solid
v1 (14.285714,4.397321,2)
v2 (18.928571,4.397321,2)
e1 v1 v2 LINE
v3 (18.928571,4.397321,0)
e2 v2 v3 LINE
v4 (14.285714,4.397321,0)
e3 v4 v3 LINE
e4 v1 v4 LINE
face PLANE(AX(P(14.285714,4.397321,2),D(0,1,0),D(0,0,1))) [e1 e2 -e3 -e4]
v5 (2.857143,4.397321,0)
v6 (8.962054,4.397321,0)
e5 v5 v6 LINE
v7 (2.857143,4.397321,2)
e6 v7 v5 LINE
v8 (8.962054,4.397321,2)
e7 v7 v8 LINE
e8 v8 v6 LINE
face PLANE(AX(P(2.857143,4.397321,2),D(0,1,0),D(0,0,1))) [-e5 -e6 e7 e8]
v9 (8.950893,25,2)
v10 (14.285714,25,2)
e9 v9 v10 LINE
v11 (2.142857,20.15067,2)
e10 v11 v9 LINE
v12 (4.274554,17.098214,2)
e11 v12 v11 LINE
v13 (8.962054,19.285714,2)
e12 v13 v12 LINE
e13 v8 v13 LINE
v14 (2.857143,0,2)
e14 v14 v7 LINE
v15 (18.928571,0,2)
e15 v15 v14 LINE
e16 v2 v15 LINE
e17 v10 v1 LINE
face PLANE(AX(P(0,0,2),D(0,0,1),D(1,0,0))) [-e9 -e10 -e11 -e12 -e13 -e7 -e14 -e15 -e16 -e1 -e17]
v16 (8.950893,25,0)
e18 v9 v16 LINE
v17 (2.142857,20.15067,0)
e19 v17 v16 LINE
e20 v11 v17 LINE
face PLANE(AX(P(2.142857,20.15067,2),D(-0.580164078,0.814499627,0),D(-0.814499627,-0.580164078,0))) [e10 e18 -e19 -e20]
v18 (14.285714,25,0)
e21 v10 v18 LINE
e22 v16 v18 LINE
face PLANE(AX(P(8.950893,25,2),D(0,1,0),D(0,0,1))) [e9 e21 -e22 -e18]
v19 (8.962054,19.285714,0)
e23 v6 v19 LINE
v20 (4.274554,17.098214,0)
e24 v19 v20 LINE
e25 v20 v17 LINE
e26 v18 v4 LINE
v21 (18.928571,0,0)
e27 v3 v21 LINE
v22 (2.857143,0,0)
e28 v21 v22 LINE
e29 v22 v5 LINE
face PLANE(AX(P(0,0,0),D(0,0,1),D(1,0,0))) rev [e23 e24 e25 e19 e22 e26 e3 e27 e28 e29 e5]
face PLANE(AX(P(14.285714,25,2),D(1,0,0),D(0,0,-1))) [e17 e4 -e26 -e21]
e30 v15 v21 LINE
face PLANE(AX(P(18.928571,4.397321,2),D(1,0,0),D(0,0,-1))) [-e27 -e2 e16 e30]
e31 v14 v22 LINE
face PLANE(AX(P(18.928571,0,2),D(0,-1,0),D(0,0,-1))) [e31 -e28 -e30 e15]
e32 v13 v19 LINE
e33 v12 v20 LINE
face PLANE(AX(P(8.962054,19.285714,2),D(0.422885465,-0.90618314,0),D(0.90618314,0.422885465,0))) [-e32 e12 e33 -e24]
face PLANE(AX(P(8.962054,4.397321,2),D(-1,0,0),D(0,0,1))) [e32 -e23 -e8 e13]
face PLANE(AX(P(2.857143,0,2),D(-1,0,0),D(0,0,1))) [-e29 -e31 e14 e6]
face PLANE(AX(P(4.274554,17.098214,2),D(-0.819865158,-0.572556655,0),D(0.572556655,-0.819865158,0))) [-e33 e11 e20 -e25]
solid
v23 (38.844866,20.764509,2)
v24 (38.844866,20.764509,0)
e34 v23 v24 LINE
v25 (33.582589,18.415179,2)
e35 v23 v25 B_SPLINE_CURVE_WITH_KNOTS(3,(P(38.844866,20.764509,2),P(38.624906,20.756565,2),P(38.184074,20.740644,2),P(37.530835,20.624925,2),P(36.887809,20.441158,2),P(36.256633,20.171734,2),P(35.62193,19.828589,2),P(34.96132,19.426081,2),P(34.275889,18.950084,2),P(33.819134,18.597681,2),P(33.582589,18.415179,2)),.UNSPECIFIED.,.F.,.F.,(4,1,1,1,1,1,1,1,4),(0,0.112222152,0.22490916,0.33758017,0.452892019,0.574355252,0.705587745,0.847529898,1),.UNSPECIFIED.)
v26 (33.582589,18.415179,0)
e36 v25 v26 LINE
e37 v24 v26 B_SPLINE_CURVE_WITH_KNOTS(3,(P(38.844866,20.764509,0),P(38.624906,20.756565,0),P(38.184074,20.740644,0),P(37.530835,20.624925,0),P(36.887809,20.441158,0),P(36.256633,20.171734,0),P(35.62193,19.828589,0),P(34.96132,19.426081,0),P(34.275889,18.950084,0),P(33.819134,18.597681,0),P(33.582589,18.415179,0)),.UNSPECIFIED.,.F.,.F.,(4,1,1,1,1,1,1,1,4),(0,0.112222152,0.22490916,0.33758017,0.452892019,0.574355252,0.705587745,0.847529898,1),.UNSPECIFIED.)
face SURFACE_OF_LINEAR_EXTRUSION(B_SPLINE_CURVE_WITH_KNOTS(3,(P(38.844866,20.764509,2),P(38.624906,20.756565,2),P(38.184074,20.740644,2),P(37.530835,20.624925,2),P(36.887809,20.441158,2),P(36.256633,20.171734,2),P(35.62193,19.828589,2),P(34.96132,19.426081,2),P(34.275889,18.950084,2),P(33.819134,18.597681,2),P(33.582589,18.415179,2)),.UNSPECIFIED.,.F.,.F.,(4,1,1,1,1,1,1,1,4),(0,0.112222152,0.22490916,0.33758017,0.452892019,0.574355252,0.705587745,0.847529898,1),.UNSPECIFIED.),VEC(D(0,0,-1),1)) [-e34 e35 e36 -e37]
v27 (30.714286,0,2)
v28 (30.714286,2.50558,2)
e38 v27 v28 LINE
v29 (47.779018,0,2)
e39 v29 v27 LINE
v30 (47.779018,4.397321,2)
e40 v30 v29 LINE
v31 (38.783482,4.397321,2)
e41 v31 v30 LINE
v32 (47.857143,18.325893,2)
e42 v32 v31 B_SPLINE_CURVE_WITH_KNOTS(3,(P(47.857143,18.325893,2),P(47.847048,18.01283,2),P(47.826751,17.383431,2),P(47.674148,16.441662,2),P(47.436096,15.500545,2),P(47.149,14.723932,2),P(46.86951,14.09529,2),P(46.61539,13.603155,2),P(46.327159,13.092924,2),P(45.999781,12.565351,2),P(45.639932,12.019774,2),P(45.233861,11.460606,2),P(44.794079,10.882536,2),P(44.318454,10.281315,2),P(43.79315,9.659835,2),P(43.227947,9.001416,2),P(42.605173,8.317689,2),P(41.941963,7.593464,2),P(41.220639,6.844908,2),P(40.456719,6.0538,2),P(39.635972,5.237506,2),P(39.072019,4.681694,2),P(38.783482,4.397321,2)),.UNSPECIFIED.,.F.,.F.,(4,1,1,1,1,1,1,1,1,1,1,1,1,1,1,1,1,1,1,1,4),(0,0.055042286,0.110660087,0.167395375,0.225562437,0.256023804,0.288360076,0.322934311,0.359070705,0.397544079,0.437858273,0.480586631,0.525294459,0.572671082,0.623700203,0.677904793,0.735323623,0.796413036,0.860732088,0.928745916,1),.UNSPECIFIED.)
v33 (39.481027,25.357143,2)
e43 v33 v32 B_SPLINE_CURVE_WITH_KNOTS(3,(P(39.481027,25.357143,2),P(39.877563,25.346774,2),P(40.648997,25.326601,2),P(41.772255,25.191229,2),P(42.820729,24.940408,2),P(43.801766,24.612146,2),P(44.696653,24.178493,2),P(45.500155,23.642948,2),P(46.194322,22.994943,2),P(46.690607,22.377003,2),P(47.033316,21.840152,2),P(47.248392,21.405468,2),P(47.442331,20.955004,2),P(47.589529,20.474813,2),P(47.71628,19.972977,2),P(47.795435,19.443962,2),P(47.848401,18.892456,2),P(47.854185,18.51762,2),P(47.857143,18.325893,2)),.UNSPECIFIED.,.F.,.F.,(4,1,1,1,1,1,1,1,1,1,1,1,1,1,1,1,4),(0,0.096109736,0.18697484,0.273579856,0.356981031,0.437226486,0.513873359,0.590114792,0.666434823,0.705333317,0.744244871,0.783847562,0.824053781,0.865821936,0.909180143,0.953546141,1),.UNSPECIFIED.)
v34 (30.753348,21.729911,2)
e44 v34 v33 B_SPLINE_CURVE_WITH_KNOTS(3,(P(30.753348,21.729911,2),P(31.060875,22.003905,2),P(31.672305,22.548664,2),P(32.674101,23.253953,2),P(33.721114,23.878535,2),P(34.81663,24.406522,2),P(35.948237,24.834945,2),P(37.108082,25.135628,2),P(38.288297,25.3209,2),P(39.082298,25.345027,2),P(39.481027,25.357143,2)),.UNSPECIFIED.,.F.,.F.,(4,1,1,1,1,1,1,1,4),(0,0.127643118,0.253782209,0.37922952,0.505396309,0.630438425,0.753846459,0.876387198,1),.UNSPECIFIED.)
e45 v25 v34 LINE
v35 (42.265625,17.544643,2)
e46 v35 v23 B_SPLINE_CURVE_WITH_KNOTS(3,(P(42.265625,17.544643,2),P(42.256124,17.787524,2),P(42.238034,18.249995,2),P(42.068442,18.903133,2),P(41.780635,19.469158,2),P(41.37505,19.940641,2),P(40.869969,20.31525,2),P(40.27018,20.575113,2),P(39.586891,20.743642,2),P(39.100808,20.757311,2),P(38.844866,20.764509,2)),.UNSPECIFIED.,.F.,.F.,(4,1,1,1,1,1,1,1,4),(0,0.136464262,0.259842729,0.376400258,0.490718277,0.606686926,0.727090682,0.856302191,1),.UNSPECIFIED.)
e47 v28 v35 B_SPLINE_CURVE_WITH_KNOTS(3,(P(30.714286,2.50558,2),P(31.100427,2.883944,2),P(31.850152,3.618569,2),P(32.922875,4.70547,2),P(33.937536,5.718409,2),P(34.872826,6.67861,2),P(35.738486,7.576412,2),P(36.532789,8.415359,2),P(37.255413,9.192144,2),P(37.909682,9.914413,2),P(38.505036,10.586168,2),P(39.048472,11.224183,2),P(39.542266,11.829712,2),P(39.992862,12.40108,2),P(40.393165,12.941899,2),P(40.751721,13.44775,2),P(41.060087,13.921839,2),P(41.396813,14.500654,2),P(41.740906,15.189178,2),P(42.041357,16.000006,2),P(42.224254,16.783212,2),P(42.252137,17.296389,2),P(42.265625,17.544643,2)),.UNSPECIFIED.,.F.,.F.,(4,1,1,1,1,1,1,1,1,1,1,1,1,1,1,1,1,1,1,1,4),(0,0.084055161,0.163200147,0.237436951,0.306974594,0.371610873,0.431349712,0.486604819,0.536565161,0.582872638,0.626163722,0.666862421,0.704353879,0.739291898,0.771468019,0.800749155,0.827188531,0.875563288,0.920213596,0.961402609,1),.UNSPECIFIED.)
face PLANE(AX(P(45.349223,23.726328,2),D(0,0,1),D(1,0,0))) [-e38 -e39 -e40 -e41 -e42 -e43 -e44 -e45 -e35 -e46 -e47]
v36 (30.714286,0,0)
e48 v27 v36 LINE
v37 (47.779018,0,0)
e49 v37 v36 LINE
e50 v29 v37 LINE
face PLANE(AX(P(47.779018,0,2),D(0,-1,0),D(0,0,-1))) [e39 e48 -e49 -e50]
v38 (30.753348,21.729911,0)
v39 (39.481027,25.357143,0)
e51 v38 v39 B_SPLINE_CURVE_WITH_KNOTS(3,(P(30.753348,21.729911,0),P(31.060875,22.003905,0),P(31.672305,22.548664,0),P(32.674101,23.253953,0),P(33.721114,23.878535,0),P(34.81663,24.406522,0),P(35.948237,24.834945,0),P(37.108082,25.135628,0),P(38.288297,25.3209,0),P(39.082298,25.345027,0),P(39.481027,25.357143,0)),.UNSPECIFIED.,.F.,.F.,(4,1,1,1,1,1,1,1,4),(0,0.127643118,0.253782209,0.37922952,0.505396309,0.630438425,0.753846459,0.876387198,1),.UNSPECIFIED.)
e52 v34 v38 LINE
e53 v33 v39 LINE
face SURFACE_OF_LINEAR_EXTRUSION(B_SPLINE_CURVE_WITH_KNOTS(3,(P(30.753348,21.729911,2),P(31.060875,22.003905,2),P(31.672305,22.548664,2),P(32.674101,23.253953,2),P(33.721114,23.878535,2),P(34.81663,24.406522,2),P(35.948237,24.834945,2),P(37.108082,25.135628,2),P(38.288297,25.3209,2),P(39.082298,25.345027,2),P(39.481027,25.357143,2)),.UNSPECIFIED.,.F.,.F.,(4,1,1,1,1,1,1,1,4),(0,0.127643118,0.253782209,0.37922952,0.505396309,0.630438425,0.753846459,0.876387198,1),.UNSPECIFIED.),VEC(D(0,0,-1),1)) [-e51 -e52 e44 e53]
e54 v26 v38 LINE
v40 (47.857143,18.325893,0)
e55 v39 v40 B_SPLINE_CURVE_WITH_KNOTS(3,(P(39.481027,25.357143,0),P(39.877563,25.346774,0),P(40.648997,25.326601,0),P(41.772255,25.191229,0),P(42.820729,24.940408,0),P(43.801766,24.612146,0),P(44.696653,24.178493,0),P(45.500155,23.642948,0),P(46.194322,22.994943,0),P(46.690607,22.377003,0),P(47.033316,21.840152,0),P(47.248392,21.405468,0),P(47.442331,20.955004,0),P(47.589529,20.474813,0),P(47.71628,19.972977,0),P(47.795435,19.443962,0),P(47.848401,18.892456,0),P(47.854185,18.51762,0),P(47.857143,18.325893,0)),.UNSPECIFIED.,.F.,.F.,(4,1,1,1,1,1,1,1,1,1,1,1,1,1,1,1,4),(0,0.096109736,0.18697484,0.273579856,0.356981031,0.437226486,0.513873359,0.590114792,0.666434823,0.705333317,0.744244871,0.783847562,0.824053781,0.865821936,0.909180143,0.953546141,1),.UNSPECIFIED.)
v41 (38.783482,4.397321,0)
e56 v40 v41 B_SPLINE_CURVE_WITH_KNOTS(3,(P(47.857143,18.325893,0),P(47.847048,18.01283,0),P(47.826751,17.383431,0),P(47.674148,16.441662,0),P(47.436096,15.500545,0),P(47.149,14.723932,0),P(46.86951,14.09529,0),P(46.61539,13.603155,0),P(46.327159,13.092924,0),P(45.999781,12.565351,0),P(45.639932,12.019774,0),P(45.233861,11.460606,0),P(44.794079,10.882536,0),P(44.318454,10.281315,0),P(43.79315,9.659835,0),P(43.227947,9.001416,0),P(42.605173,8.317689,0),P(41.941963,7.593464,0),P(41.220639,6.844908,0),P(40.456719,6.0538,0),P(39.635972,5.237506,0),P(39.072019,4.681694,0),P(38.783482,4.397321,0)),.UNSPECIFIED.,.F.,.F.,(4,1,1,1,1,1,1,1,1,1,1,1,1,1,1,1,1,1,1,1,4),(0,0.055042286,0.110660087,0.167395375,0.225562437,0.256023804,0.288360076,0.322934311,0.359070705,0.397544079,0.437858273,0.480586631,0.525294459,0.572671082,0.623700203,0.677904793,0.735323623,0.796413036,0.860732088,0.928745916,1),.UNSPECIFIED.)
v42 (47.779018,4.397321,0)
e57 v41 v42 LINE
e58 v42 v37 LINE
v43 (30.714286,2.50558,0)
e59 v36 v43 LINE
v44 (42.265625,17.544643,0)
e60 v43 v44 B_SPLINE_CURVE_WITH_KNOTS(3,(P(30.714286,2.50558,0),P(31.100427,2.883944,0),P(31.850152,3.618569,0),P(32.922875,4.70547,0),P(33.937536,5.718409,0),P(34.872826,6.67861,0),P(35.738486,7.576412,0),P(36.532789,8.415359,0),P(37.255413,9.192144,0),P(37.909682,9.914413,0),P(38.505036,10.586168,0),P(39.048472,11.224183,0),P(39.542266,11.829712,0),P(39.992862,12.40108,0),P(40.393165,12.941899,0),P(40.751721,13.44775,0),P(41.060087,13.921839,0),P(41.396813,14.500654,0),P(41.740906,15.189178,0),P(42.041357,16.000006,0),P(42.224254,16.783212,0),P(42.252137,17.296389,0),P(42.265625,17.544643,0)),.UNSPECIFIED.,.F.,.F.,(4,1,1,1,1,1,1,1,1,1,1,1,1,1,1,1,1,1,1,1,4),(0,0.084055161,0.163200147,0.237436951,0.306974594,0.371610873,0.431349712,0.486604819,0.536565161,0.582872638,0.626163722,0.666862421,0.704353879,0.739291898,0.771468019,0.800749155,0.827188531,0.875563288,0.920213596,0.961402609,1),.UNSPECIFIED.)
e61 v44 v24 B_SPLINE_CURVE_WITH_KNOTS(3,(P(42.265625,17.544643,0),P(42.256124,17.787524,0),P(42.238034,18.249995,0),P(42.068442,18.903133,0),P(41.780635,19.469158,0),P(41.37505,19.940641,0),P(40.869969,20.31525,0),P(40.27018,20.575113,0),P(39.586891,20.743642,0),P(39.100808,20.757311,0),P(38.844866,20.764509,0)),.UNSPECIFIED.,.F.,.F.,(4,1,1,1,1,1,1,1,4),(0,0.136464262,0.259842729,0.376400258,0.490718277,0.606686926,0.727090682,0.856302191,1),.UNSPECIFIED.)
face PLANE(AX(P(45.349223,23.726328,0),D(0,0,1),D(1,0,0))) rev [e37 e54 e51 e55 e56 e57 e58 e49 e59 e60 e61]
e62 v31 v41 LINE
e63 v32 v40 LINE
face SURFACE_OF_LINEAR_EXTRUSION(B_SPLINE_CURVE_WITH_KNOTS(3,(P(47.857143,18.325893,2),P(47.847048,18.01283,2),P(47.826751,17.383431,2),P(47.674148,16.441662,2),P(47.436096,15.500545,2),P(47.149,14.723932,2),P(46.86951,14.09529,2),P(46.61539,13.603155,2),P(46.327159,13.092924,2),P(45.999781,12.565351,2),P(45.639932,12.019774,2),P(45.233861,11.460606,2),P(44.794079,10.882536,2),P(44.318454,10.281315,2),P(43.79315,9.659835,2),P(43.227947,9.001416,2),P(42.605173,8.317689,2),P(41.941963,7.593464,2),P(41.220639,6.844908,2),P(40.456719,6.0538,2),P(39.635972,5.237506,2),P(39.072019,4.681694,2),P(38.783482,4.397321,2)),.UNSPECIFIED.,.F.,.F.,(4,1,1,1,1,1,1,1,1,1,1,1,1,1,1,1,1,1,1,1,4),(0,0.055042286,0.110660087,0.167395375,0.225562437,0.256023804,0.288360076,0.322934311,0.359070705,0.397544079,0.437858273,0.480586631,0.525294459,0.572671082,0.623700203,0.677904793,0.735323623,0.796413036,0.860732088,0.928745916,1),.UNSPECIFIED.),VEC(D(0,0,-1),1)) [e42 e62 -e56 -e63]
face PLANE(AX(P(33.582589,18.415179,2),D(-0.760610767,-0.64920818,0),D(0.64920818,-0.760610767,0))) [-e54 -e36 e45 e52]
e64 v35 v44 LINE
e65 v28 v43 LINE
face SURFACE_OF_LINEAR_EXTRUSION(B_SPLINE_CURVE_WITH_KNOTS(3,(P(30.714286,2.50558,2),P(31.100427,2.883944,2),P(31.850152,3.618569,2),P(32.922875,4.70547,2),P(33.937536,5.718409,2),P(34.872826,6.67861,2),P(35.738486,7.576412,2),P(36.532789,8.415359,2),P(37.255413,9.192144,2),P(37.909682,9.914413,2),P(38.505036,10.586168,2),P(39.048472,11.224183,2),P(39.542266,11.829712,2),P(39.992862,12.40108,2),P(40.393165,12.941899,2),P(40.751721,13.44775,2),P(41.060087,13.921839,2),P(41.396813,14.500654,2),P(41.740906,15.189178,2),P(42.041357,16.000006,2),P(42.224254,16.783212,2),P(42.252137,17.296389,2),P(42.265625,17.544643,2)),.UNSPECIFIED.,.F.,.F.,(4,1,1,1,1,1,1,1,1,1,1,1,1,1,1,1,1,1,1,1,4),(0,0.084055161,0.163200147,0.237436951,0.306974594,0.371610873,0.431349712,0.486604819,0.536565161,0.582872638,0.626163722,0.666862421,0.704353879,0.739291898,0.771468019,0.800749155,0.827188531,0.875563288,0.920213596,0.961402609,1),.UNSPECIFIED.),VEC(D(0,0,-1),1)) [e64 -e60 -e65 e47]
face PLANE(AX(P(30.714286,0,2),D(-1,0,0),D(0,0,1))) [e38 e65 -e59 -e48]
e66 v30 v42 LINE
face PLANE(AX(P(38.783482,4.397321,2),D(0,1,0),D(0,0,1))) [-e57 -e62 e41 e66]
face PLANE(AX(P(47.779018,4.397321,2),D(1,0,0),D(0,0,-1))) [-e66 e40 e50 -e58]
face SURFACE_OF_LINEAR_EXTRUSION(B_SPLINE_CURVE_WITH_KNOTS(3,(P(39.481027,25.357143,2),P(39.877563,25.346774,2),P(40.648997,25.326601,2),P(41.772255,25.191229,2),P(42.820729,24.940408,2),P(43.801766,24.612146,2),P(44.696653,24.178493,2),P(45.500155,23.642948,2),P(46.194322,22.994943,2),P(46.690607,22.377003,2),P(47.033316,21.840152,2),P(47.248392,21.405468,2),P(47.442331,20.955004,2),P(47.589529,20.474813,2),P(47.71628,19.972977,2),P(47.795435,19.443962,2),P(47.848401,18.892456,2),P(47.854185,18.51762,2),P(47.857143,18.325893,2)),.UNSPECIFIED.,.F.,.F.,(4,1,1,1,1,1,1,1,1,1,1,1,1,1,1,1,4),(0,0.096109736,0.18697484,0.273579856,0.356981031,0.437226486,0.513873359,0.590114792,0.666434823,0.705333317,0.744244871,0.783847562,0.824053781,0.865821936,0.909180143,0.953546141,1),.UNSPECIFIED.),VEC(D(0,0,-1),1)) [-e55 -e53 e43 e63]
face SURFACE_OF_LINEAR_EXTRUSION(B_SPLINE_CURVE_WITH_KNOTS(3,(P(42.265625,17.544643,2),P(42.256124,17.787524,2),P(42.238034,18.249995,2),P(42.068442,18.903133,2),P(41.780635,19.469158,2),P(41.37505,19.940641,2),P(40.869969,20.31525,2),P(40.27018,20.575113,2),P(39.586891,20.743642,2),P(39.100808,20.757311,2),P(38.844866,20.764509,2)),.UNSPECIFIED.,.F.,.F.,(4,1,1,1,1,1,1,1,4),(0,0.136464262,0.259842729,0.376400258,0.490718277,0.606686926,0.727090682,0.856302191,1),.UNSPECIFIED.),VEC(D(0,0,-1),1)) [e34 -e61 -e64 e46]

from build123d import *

# Parameters (mm, degrees)
BOSS_EXTRUDE1_DEPTH   = 2
BOSS_EXTRUDE1_2_DEPTH = 2


with BuildPart() as part:
    # Sketch1 → Boss-Extrude1 (new body)
    with BuildSketch(Plane.XY):
        Polygon((14.285714286, 4.397321429), (18.928571429, 4.397321429), (18.928571429, 0), (2.857142857, 0), (2.857142857, 4.397321429), (8.962053571, 4.397321429), (8.962053571, 19.285714286), (4.274553571, 17.098214286), (2.142857143, 20.150669643), (8.950892857, 25), (14.285714286, 25), align=None)
    extrude(amount=BOSS_EXTRUDE1_DEPTH)


with BuildPart() as body_2:
    # Sketch1 → Boss-Extrude1 2 (new body)
    with BuildSketch(Plane.XY):
        with BuildLine():
            add(Edge.make_bspline(
                [(47.857142857, 18.325892857), (47.847047534, 18.012830167), (47.826751332, 17.383431451), (47.674148464, 16.441662045), (47.436095787, 15.500544925), (47.148999973, 14.723932176), (46.869509729, 14.095290404), (46.615389998, 13.603154729), (46.327158781, 13.092923803), (45.999781168, 12.565350665), (45.639932301, 12.01977426), (45.233860548, 11.460605883), (44.794078589, 10.882536146), (44.31845441, 10.281314918), (43.793150417, 9.65983538), (43.227946795, 9.001415766), (42.605172536, 8.317688691), (41.941963322, 7.593464234), (41.220638893, 6.844908491), (40.456719198, 6.053800209), (39.635971612, 5.237506304), (39.072019005, 4.681693631), (38.783482143, 4.397321429)],
                knots=[0, 0, 0, 0, 1.100845728, 2.213201733, 3.347907492, 4.511248748, 5.120476086, 5.767201514, 6.458686229, 7.18141409, 7.950881571, 8.757165455, 9.611732629, 10.505889173, 11.453421634, 12.47400406, 13.558095852, 14.706472467, 15.928260719, 17.214641761, 18.574918322, 20, 20, 20, 20], degree=3))
            Line((38.783482143, 4.397321429), (47.779017857, 4.397321429))
            Line((47.779017857, 4.397321429), (47.779017857, 0))
            Line((47.779017857, 0), (30.714285714, 0))
            Line((30.714285714, 0), (30.714285714, 2.505580357))
            add(Edge.make_bspline(
                [(30.714285714, 2.505580357), (31.100426691, 2.883944098), (31.850151795, 3.618569044), (32.922874669, 4.70546958), (33.937536251, 5.718408892), (34.872825911, 6.678610029), (35.738486379, 7.576411744), (36.532789018, 8.415358595), (37.255412919, 9.192143973), (37.909682031, 9.914412986), (38.505036488, 10.586168331), (39.048471859, 11.224183356), (39.542265693, 11.829711518), (39.992862365, 12.401080248), (40.393165264, 12.941898648), (40.751720815, 13.44774961), (41.060086703, 13.921839221), (41.396813444, 14.500653833), (41.740905878, 15.189178222), (42.041357198, 16.000005567), (42.224254087, 16.783212094), (42.252136589, 17.296388938), (42.265625, 17.544642857)],
                knots=[0, 0, 0, 0, 1.681103221, 3.264002948, 4.748739028, 6.139491879, 7.432217462, 8.626994239, 9.732096377, 10.731303213, 11.65745276, 12.52327445, 13.337248416, 14.087077573, 14.785837962, 15.429360383, 16.014983106, 16.543770616, 17.511265766, 18.404271926, 19.228052177, 20, 20, 20, 20], degree=3))
            add(Edge.make_bspline(
                [(42.265625, 17.544642857), (42.256124323, 17.787523525), (42.238034005, 18.249994614), (42.068441924, 18.903133056), (41.780635072, 19.469158017), (41.375049612, 19.94064117), (40.869969067, 20.315250274), (40.270179536, 20.57511319), (39.586891153, 20.743641808), (39.100808352, 20.757311357), (38.844866071, 20.764508929)],
                knots=[0, 0, 0, 0, 1.091714092, 2.078741832, 3.011202065, 3.925746218, 4.853495407, 5.816725453, 6.850417529, 8, 8, 8, 8], degree=3))
            add(Edge.make_bspline(
                [(38.844866071, 20.764508929), (38.624905773, 20.756565074), (38.184074037, 20.740644459), (37.530834948, 20.624924792), (36.887808861, 20.441157592), (36.256632782, 20.171734146), (35.621929913, 19.82858859), (34.961319782, 19.426081071), (34.275889482, 18.950083724), (33.819133759, 18.597680839), (33.582589286, 18.415178571)],
                knots=[0, 0, 0, 0, 0.897777216, 1.79927328, 2.700641362, 3.623136151, 4.594842017, 5.644701961, 6.78023918, 8, 8, 8, 8], degree=3))
            Line((33.582589286, 18.415178571), (30.753348214, 21.729910714))
            add(Edge.make_bspline(
                [(30.753348214, 21.729910714), (31.060875059, 22.003904683), (31.67230514, 22.54866413), (32.674101368, 23.253953044), (33.721113812, 23.878535413), (34.816629606, 24.406522088), (35.948237456, 24.834944769), (37.108081926, 25.135628197), (38.288297416, 25.320899854), (39.082297636, 25.34502683), (39.481026786, 25.357142857)],
                knots=[0, 0, 0, 0, 1.021144944, 2.030257671, 3.033836159, 4.043170469, 5.043507399, 6.030771669, 7.011097581, 8, 8, 8, 8], degree=3))
            add(Edge.make_bspline(
                [(39.481026786, 25.357142857), (39.877563018, 25.346773512), (40.648996813, 25.326600668), (41.772254713, 25.191229072), (42.820728649, 24.940408171), (43.801766004, 24.612145809), (44.696653356, 24.178492697), (45.500154687, 23.64294789), (46.194322052, 22.994943197), (46.690606914, 22.377002931), (47.033315791, 21.840152465), (47.248392226, 21.405468006), (47.442331033, 20.955004121), (47.58952913, 20.474813406), (47.716279717, 19.972977407), (47.795434729, 19.443962246), (47.848401189, 18.892456496), (47.854184649, 18.517619783), (47.857142857, 18.325892857)],
                knots=[0, 0, 0, 0, 1.537755779, 2.991597445, 4.377277701, 5.711696503, 6.995623783, 8.221973749, 9.441836677, 10.662957162, 11.285333074, 11.907917941, 12.541560989, 13.184860494, 13.853150981, 14.546882282, 15.256738248, 16, 16, 16, 16], degree=3))
        make_face()
    extrude(amount=BOSS_EXTRUDE1_2_DEPTH)


solid = Compound([part.part, body_2.part])
